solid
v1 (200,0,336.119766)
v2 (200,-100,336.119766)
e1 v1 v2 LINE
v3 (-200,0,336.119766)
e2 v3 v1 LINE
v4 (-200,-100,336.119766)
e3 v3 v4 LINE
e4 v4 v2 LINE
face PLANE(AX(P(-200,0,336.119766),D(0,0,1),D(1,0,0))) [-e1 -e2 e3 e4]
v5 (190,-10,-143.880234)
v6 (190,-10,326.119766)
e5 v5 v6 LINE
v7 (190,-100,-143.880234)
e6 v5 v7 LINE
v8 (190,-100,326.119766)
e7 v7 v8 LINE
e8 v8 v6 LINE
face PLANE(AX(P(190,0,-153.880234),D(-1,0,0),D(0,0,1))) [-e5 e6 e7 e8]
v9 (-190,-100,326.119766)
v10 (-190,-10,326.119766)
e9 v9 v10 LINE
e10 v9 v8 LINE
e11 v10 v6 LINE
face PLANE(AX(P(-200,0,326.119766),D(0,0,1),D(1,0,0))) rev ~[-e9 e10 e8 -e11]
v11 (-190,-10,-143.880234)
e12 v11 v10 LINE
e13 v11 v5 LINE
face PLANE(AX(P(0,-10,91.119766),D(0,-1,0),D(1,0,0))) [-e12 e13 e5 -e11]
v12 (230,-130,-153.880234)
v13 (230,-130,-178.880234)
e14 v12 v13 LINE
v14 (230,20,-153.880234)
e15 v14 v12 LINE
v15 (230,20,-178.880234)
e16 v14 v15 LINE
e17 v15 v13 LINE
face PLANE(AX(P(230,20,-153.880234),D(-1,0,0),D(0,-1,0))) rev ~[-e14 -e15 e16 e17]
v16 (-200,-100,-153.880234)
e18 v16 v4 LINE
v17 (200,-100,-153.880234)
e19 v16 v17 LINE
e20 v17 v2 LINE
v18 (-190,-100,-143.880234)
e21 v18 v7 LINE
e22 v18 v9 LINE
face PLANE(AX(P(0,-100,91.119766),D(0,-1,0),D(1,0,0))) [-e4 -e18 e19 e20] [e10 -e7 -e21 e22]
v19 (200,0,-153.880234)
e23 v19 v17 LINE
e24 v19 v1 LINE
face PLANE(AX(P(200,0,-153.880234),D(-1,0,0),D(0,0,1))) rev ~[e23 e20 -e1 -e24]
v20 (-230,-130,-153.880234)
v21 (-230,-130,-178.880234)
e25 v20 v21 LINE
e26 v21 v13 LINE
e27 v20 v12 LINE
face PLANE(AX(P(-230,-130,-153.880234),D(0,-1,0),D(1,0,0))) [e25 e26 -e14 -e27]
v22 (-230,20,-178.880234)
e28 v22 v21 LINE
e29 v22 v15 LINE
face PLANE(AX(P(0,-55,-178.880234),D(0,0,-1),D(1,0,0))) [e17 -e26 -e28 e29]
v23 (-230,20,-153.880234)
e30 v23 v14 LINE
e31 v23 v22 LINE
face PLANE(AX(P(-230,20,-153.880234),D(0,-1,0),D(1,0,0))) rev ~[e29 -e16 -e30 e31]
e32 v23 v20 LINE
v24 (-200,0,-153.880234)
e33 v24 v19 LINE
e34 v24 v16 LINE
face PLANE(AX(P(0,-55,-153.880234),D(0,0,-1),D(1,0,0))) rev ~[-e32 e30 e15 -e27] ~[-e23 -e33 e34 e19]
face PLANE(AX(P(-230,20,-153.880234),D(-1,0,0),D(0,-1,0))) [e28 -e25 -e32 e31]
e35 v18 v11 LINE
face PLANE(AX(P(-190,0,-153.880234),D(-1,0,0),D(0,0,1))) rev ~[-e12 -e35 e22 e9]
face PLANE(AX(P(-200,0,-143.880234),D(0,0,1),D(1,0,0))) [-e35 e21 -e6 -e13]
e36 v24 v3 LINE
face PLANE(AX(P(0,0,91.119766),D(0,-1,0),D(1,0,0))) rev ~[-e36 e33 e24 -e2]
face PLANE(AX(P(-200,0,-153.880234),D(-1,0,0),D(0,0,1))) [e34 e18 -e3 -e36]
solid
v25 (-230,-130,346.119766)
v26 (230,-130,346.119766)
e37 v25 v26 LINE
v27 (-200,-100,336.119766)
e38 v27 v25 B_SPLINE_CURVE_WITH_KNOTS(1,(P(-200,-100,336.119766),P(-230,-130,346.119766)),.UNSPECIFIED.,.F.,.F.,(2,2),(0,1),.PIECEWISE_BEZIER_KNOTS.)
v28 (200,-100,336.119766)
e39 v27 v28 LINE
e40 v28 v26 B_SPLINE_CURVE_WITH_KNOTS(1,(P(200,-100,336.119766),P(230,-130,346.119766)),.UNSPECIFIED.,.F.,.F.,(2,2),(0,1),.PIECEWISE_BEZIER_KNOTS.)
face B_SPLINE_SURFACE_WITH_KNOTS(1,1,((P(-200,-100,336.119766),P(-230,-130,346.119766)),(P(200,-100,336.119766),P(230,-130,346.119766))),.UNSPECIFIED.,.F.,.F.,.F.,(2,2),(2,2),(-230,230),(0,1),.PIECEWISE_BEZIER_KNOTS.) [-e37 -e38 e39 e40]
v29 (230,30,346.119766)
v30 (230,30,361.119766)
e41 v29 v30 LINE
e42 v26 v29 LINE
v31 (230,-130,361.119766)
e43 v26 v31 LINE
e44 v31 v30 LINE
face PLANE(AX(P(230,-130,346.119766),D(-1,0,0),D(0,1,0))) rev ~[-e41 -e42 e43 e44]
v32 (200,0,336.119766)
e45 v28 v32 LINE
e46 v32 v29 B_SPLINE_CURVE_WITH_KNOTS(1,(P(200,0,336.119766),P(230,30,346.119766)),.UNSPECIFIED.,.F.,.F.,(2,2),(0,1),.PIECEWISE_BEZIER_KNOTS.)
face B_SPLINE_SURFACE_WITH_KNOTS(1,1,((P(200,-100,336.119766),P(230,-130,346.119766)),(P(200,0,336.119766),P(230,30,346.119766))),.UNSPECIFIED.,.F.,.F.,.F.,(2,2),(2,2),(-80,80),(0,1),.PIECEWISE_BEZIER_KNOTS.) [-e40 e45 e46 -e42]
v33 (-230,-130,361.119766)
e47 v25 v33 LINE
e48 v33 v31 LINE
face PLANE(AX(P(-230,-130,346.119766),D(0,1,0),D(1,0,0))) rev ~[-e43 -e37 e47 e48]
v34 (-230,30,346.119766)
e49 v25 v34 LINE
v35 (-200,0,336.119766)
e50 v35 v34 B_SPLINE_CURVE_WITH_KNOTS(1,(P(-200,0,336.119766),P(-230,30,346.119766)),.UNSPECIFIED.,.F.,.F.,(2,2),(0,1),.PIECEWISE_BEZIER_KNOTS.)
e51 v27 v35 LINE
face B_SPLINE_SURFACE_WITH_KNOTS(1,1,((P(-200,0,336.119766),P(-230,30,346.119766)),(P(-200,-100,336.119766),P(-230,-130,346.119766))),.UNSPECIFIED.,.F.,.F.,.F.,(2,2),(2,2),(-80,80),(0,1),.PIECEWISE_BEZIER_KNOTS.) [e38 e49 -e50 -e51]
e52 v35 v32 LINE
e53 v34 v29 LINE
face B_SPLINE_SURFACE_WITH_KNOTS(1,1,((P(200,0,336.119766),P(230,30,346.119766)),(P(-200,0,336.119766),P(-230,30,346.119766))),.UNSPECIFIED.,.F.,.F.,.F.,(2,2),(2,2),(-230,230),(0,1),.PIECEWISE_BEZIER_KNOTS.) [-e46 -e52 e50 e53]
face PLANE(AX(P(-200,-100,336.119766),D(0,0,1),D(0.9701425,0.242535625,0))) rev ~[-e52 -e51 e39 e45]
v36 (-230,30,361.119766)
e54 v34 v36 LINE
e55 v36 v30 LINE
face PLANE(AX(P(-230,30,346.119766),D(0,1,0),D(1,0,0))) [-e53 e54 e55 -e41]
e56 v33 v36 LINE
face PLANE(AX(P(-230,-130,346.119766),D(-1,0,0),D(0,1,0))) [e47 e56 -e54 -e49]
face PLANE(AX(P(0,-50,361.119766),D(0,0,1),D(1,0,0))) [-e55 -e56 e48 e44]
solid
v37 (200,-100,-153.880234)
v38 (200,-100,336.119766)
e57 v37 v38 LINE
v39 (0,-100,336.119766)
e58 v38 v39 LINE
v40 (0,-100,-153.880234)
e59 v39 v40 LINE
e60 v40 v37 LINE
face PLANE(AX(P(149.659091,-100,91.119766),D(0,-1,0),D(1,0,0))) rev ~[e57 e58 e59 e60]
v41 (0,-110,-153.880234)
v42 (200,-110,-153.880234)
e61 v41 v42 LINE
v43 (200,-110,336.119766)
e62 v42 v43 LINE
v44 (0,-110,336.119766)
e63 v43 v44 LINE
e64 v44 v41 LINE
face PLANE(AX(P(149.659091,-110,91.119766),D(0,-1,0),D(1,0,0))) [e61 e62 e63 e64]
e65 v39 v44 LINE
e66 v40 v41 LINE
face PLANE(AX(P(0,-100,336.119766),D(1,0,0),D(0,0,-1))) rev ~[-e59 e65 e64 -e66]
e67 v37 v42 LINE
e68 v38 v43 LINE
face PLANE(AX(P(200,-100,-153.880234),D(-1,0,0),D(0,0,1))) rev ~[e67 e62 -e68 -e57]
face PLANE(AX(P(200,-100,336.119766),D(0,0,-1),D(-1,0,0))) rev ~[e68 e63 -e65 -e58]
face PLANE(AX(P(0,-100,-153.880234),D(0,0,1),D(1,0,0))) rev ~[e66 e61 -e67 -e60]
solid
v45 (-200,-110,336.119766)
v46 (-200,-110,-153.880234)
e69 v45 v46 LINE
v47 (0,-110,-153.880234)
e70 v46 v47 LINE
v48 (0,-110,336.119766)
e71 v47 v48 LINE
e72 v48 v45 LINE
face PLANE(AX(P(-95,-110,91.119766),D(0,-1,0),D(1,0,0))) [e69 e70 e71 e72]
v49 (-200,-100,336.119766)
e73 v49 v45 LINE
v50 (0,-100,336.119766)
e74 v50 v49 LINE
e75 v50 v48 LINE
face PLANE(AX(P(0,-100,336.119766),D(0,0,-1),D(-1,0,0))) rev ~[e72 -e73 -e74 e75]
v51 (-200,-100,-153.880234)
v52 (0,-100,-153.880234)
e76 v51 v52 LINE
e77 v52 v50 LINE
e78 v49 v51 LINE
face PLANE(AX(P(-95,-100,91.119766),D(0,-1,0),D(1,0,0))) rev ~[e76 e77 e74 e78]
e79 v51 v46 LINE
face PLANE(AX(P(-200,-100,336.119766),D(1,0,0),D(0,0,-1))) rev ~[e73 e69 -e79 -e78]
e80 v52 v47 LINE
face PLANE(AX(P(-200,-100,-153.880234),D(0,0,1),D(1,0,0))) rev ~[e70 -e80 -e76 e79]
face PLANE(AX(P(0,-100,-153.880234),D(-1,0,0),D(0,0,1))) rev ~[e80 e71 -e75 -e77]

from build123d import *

# Parameters (mm, degrees)
F0_W      = 400
F0_H      = 490
F1_DEPTH  = 100
F2_T      = -10
F4_START  = 10
F3_W      = 460
F3_H      = 160
F4_DEPTH  = 15
F1_FACE_W = 400
F1_FACE_H = 100
F4_FACE_W = 460
F4_FACE_H = 160
F6_W      = 460
F6_H      = 150
F6_W_2    = 400
F6_H_2    = 100
F7_DEPTH  = 25
F8_W      = 190
F8_H      = 470
F9_DEPTH  = 10
F10_DEPTH = 10


with BuildPart() as f1:
    # F0 (on Front) → F1 (new body)
    with BuildSketch(Plane.XZ):
        with Locations((0, 91.1197658628)):
            Rectangle(F0_W, F0_H)
    extrude(amount=F1_DEPTH)

    # F2
    f2_openings = [f1.faces().sort_by_distance(p)[0] for p in [
        (0, -100, 91.119766),
    ]]
    offset(amount=F2_T, openings=f2_openings)

    # F6 (on face) → F7 (join)
    with BuildSketch(Plane(origin=(0, 0, -153.8802341372), x_dir=(1, 0, 0), z_dir=(0, 0, -1))):
        with Locations((0, 55)):
            Rectangle(F6_W, F6_H)
        with Locations((0, 50)):
            Rectangle(F6_W_2, F6_H_2, mode=Mode.SUBTRACT)
        with Locations((0, 50)):
            Rectangle(F6_W_2, F6_H_2)
    extrude(amount=F7_DEPTH)


with BuildPart() as f4:
    # F3 (on face) → F4 (new body)
    with BuildSketch(Plane.XY.offset(336.1197658628).offset(F4_START)):
        with Locations((0, -50)):
            Rectangle(F3_W, F3_H)
    extrude(amount=F4_DEPTH)

    # F1_face (on face) → F5 section 0
    with BuildSketch(Plane(origin=(0, -50, 336.1197658628), x_dir=(1, 0, 0), z_dir=(0, 0, 1))):
        Rectangle(F1_FACE_W, F1_FACE_H)
    # F4_face (on face) → F5 section 1
    with BuildSketch(Plane(origin=(0, -50, 346.1197658628), x_dir=(1, 0, 0), z_dir=(0, 0, -1))):
        Rectangle(F4_FACE_W, F4_FACE_H)
    loft()


with BuildPart() as f9:
    # F8 (on face) → F9 (new body)
    with BuildSketch(Plane.XZ.offset(100)):
        Polygon((200, 336.1197658628), (0, 336.1197658628), (0, 326.1197658628), (190, 326.1197658628), (190, -143.8802341372), (0, -143.8802341372), (0, -153.8802341372), (200, -153.8802341372), align=None)
        with Locations((95, 91.1197658628)):
            Rectangle(F8_W, F8_H)
    extrude(amount=F9_DEPTH)


with BuildPart() as f10:
    # F8 (on face) → F10 (new body)
    with BuildSketch(Plane.XZ.offset(100)):
        with Locations((-95, 91.1197658628)):
            Rectangle(F8_W, F8_H)
        Polygon((0, 326.1197658628), (0, 336.1197658628), (-200, 336.1197658628), (-200, -153.8802341372), (0, -153.8802341372), (0, -143.8802341372), (-190, -143.8802341372), (-190, 326.1197658628), align=None)
    extrude(amount=F10_DEPTH)


solid = Compound([f1.part, f4.part, f9.part, f10.part])
